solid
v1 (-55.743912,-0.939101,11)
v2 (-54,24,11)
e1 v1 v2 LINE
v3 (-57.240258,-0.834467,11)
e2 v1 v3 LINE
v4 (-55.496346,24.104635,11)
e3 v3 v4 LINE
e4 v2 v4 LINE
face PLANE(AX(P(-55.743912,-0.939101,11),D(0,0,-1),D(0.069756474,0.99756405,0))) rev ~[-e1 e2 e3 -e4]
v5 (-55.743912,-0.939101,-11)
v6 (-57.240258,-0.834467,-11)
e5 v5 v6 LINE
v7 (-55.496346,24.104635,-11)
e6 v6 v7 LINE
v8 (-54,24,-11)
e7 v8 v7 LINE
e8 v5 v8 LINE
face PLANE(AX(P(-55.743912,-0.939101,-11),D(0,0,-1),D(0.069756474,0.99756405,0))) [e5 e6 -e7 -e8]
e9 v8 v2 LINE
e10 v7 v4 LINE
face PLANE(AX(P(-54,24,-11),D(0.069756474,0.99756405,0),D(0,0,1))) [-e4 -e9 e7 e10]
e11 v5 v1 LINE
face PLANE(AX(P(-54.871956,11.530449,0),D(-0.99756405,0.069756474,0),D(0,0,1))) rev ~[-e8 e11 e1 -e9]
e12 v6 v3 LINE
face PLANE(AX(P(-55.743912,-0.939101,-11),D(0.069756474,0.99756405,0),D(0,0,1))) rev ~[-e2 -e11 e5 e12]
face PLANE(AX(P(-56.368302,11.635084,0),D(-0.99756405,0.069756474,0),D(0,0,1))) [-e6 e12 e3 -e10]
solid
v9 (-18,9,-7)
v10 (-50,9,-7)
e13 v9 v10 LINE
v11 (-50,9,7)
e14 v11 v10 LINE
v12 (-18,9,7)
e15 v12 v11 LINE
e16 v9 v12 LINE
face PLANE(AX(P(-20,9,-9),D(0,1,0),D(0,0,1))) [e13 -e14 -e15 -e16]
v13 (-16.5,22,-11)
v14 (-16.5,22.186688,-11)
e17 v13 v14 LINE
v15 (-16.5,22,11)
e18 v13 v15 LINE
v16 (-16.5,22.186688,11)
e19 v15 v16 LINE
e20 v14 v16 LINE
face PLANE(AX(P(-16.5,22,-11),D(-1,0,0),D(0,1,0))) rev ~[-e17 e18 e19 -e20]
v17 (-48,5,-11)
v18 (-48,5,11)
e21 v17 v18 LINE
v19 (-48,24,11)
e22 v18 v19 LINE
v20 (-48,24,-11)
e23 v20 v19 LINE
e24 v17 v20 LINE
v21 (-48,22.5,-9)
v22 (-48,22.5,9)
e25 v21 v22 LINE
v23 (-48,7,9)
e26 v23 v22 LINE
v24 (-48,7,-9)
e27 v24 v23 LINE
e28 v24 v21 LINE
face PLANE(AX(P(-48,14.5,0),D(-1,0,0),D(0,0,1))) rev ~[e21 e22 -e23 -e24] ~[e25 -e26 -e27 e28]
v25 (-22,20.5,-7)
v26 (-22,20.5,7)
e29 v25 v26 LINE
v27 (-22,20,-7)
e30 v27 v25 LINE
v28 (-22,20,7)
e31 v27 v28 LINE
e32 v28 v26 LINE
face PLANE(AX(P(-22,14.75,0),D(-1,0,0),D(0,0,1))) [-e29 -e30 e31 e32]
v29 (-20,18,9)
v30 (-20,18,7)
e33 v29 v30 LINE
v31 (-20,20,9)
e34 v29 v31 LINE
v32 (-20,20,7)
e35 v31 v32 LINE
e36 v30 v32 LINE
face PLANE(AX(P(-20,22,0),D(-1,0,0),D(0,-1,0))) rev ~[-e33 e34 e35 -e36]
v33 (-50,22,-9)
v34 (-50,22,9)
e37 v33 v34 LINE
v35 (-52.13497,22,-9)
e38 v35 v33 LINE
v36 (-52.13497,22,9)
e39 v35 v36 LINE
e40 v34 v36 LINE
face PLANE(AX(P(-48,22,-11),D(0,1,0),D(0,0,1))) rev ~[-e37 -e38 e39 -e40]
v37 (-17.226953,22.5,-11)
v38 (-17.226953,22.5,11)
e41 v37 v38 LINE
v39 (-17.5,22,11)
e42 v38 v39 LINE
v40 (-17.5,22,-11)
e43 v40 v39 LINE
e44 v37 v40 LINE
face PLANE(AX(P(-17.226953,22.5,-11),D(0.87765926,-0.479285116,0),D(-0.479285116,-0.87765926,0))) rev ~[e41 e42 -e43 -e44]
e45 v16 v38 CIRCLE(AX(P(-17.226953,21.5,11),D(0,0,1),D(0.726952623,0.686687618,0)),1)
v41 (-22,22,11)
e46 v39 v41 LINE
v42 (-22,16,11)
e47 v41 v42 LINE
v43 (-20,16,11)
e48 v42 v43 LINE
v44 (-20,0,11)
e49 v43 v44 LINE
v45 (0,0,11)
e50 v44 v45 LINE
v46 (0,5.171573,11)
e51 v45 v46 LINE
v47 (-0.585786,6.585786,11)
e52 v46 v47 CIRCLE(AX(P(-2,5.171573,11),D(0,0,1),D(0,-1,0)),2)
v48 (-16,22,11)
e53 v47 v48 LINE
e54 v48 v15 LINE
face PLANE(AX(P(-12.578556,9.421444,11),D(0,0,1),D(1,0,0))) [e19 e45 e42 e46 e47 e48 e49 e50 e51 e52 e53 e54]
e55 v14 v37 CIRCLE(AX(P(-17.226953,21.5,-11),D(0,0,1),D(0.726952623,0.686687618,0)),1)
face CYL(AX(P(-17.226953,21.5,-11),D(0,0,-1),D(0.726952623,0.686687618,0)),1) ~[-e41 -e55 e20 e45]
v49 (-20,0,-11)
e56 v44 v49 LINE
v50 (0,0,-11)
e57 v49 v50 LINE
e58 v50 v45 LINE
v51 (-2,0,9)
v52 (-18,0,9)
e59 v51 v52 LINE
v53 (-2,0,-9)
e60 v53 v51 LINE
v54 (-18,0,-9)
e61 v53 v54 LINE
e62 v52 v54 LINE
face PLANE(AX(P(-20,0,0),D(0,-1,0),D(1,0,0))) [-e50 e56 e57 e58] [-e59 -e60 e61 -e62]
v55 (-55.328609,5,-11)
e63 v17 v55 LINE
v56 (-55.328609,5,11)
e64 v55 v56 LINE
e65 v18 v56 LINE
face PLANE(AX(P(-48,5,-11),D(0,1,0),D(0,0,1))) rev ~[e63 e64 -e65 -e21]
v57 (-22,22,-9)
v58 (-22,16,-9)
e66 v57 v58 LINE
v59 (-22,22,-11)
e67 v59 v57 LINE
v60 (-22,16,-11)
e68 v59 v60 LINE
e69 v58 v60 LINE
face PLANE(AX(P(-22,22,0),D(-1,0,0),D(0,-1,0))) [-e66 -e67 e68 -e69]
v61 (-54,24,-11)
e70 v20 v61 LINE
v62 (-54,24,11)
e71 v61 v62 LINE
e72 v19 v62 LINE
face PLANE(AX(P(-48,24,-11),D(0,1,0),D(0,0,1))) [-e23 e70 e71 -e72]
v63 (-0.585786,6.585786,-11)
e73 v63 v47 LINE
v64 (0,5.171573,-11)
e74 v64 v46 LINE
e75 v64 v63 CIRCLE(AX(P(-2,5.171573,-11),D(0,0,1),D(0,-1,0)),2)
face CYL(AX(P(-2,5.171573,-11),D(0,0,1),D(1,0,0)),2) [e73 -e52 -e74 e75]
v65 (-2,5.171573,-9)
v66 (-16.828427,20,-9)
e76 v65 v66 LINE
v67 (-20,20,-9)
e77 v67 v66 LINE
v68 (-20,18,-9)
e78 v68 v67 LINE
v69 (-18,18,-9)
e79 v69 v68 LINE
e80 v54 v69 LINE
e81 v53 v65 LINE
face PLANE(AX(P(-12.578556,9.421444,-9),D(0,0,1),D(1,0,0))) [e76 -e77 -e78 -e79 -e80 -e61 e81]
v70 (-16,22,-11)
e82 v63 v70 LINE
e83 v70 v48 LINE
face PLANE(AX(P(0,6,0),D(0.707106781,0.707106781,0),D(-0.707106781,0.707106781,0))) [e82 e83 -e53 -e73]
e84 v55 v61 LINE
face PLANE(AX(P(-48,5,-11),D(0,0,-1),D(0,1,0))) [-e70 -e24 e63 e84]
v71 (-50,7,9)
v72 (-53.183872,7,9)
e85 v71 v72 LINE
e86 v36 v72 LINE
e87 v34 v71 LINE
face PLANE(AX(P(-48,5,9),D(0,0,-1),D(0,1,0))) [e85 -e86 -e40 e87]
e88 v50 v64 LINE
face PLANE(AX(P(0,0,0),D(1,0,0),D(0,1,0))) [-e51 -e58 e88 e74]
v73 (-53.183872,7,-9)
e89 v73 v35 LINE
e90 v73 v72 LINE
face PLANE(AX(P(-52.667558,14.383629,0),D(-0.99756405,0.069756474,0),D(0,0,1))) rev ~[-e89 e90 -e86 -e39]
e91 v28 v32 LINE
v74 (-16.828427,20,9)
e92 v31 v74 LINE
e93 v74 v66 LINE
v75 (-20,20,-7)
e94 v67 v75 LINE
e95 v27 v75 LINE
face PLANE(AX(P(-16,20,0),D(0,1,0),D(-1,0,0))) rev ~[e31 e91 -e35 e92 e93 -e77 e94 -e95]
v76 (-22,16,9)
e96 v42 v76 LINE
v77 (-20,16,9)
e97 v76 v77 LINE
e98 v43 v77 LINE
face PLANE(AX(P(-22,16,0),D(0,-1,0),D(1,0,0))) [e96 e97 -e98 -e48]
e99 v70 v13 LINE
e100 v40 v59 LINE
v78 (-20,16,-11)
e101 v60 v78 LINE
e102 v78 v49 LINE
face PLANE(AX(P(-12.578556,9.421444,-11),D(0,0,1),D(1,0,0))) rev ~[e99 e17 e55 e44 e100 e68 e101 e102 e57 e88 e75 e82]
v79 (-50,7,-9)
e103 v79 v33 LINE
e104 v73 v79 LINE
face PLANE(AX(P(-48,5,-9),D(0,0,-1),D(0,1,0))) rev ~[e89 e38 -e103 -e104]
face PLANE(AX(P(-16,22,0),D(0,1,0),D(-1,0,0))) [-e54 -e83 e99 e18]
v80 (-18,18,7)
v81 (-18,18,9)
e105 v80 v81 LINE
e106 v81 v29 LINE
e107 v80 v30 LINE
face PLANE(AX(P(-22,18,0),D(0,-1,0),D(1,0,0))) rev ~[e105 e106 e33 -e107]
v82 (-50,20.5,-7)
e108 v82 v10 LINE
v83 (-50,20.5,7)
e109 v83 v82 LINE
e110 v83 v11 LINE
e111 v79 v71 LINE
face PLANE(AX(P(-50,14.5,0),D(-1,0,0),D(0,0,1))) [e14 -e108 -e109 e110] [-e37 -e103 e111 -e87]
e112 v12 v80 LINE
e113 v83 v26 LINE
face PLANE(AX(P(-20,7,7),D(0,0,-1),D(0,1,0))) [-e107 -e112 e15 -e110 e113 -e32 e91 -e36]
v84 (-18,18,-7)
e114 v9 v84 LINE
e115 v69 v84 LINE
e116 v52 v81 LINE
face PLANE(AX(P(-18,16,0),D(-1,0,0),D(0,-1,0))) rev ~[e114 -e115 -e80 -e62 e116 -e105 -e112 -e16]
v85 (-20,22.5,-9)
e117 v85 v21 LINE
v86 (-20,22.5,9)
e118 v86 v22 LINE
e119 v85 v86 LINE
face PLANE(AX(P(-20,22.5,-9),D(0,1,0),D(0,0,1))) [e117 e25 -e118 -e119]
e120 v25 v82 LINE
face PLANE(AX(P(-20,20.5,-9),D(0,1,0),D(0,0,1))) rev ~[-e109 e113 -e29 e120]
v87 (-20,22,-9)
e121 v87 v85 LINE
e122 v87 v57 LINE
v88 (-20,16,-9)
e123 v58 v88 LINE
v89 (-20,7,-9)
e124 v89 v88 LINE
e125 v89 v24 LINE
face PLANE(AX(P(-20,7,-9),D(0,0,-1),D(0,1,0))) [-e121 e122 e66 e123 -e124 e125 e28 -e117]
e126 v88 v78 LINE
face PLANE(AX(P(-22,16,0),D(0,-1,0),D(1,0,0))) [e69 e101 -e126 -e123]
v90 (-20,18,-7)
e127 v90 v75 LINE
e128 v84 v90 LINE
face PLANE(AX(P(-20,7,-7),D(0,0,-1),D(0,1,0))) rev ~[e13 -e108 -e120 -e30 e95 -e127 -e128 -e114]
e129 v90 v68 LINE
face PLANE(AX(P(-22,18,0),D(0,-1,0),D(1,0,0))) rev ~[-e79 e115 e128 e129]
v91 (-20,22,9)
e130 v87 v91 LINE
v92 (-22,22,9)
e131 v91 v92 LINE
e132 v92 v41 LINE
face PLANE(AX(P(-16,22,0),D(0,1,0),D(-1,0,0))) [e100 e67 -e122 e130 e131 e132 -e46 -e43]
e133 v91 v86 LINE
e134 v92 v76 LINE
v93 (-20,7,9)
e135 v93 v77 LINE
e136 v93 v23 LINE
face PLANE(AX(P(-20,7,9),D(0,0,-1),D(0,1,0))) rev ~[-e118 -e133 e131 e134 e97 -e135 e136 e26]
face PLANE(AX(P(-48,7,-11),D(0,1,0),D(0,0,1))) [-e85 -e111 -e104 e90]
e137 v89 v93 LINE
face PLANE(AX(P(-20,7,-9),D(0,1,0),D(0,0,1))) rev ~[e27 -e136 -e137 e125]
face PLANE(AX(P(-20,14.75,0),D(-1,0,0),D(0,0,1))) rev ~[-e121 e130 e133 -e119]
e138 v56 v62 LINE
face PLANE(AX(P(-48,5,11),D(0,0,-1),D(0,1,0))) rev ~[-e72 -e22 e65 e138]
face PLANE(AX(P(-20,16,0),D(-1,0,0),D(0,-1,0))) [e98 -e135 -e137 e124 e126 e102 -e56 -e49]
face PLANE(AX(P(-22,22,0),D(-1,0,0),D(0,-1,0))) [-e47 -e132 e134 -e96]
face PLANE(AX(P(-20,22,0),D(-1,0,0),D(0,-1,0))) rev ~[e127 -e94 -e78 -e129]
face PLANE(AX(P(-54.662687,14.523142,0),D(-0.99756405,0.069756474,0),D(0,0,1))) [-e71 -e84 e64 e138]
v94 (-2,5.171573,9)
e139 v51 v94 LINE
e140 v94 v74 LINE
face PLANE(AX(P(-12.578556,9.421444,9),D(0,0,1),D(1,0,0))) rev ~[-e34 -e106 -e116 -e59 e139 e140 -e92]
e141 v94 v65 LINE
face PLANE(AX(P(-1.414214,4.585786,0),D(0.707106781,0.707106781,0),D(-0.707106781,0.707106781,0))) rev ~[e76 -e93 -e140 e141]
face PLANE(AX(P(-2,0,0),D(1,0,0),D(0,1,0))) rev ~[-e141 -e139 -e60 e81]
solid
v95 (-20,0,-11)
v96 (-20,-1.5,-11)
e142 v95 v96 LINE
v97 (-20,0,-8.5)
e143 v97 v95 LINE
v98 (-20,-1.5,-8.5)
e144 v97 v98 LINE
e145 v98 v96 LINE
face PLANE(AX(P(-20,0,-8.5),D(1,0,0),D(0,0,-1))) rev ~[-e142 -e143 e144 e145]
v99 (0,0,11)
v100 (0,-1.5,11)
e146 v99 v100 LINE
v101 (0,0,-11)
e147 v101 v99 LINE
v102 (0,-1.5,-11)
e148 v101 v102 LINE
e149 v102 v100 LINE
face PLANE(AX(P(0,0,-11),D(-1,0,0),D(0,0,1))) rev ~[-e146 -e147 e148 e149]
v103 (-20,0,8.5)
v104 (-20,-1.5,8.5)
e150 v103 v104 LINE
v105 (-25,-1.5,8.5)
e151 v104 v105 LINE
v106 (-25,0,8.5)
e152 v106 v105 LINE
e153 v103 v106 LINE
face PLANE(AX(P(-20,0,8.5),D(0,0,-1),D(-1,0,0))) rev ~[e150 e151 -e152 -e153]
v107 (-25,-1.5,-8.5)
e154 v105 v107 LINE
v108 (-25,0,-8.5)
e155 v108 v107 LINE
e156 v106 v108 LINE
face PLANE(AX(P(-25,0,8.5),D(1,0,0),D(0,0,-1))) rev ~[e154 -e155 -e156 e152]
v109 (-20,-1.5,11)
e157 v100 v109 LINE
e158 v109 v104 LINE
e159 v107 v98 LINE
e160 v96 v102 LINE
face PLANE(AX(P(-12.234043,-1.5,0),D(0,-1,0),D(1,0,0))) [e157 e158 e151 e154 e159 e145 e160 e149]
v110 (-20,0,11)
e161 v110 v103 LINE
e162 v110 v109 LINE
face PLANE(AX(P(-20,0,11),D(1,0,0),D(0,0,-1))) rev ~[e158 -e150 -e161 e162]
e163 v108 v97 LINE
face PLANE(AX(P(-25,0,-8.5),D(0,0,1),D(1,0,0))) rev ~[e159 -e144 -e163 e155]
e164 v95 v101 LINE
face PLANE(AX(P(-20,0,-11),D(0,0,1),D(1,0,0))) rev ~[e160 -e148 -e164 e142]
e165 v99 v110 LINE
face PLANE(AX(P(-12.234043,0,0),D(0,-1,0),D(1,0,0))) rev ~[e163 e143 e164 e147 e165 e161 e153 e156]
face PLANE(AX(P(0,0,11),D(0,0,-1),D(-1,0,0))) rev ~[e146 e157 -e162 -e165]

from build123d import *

# Parameters (mm, degrees)
EXTRUSION1_DEPTH  = 11
ESQUISSE3_W       = 18
ESQUISSE3_H       = 15.5
EXTRUSION2_DEPTH  = 28
ESQUISSE4_W       = 22
ESQUISSE4_H       = 19
EXTRUSION3_DEPTH  = 6
D_POUILLE1_ANGLE  = 4
COQUE1_T          = -2
ESQUISSE6_W       = 22
ESQUISSE6_H       = 25
EXTRUSION4_DEPTH  = 1.5
EXTRUSION7_DEPTH  = 22
EXTRUSION13_DEPTH = 1.5
CONG_1_R          = 2


with BuildPart() as part:
    # Esquisse2 → Extrusion1 (new body, symmetric)
    with BuildSketch(Plane.XY):
        Polygon((-20, 0), (0, 0), (0, 6), (-16, 22), (-22, 22), (-22, 16), (-20, 16), align=None)
    extrude(amount=EXTRUSION1_DEPTH, both=True)

    # Esquisse3 → Extrusion2 (add)
    with BuildSketch(Plane.ZY.offset(20)):
        with Locations((0, 14.75)):
            Rectangle(ESQUISSE3_W, ESQUISSE3_H)
    extrude(amount=EXTRUSION2_DEPTH)

    # Esquisse4 → Extrusion3 (add)
    with BuildSketch(Plane.ZY.offset(48)):
        with Locations((0, 14.5)):
            Rectangle(ESQUISSE4_W, ESQUISSE4_H)
    extrude(amount=EXTRUSION3_DEPTH)

    # Dépouille1
    d_pouille1_faces = [part.faces().sort_by_distance(p)[0] for p in [
        (-54, 14.5, 0),
    ]]
    draft(d_pouille1_faces, Plane(origin=(-54, 24, -11), x_dir=(1, 0, 0), z_dir=(0, 1, 0)), D_POUILLE1_ANGLE)

    # Coque1
    coque1_openings = [part.faces().sort_by_distance(p)[0] for p in [
        (-10, 0, 0),
    ]]
    offset(amount=COQUE1_T, openings=coque1_openings, kind=Kind.INTERSECTION)

    # Esquisse8 → Extrusion7 (add)
    with BuildSketch(Plane(origin=(0, 0, -11), x_dir=(-1, 0, 0), z_dir=(0, 0, -1))):
        with BuildLine():
            Line((16.5, 22), (16.5, 22.186687617))
            ThreePointArc((16.5, 22.186687617), (16.831154453, 22.418337524), (17.226952624, 22.5))
            Line((17.226952624, 22.5), (17.5, 22))
            Line((17.5, 22), (16.5, 22))
        make_face()
    extrude(amount=-EXTRUSION7_DEPTH)

    # Congé1
    cong_1_edges = [part.edges().sort_by_distance(p)[0] for p in [
        (0, 6, 0),
    ]]
    fillet(cong_1_edges, radius=CONG_1_R)


with BuildPart() as body_2:
    # Esquisse6 → Extrusion4 (new body)
    with BuildSketch(Plane(origin=(-55.407315068, 3.874456901, 0), x_dir=(0, 0, 1), z_dir=(-0.99756405, 0.069756474, 0))):
        with Locations((0, 7.674687624)):
            Rectangle(ESQUISSE6_W, ESQUISSE6_H)
    extrude(amount=EXTRUSION4_DEPTH)


with BuildPart() as body_3:
    # Esquisse7 → Extrusion13 (new body)
    with BuildSketch(Plane.XZ):
        Polygon((0, 11), (-20, 11), (-20, 8.5), (-25, 8.5), (-25, -8.5), (-20, -8.5), (-20, -11), (0, -11), align=None)
    extrude(amount=EXTRUSION13_DEPTH)


solid = Compound([part.part, body_2.part, body_3.part])
